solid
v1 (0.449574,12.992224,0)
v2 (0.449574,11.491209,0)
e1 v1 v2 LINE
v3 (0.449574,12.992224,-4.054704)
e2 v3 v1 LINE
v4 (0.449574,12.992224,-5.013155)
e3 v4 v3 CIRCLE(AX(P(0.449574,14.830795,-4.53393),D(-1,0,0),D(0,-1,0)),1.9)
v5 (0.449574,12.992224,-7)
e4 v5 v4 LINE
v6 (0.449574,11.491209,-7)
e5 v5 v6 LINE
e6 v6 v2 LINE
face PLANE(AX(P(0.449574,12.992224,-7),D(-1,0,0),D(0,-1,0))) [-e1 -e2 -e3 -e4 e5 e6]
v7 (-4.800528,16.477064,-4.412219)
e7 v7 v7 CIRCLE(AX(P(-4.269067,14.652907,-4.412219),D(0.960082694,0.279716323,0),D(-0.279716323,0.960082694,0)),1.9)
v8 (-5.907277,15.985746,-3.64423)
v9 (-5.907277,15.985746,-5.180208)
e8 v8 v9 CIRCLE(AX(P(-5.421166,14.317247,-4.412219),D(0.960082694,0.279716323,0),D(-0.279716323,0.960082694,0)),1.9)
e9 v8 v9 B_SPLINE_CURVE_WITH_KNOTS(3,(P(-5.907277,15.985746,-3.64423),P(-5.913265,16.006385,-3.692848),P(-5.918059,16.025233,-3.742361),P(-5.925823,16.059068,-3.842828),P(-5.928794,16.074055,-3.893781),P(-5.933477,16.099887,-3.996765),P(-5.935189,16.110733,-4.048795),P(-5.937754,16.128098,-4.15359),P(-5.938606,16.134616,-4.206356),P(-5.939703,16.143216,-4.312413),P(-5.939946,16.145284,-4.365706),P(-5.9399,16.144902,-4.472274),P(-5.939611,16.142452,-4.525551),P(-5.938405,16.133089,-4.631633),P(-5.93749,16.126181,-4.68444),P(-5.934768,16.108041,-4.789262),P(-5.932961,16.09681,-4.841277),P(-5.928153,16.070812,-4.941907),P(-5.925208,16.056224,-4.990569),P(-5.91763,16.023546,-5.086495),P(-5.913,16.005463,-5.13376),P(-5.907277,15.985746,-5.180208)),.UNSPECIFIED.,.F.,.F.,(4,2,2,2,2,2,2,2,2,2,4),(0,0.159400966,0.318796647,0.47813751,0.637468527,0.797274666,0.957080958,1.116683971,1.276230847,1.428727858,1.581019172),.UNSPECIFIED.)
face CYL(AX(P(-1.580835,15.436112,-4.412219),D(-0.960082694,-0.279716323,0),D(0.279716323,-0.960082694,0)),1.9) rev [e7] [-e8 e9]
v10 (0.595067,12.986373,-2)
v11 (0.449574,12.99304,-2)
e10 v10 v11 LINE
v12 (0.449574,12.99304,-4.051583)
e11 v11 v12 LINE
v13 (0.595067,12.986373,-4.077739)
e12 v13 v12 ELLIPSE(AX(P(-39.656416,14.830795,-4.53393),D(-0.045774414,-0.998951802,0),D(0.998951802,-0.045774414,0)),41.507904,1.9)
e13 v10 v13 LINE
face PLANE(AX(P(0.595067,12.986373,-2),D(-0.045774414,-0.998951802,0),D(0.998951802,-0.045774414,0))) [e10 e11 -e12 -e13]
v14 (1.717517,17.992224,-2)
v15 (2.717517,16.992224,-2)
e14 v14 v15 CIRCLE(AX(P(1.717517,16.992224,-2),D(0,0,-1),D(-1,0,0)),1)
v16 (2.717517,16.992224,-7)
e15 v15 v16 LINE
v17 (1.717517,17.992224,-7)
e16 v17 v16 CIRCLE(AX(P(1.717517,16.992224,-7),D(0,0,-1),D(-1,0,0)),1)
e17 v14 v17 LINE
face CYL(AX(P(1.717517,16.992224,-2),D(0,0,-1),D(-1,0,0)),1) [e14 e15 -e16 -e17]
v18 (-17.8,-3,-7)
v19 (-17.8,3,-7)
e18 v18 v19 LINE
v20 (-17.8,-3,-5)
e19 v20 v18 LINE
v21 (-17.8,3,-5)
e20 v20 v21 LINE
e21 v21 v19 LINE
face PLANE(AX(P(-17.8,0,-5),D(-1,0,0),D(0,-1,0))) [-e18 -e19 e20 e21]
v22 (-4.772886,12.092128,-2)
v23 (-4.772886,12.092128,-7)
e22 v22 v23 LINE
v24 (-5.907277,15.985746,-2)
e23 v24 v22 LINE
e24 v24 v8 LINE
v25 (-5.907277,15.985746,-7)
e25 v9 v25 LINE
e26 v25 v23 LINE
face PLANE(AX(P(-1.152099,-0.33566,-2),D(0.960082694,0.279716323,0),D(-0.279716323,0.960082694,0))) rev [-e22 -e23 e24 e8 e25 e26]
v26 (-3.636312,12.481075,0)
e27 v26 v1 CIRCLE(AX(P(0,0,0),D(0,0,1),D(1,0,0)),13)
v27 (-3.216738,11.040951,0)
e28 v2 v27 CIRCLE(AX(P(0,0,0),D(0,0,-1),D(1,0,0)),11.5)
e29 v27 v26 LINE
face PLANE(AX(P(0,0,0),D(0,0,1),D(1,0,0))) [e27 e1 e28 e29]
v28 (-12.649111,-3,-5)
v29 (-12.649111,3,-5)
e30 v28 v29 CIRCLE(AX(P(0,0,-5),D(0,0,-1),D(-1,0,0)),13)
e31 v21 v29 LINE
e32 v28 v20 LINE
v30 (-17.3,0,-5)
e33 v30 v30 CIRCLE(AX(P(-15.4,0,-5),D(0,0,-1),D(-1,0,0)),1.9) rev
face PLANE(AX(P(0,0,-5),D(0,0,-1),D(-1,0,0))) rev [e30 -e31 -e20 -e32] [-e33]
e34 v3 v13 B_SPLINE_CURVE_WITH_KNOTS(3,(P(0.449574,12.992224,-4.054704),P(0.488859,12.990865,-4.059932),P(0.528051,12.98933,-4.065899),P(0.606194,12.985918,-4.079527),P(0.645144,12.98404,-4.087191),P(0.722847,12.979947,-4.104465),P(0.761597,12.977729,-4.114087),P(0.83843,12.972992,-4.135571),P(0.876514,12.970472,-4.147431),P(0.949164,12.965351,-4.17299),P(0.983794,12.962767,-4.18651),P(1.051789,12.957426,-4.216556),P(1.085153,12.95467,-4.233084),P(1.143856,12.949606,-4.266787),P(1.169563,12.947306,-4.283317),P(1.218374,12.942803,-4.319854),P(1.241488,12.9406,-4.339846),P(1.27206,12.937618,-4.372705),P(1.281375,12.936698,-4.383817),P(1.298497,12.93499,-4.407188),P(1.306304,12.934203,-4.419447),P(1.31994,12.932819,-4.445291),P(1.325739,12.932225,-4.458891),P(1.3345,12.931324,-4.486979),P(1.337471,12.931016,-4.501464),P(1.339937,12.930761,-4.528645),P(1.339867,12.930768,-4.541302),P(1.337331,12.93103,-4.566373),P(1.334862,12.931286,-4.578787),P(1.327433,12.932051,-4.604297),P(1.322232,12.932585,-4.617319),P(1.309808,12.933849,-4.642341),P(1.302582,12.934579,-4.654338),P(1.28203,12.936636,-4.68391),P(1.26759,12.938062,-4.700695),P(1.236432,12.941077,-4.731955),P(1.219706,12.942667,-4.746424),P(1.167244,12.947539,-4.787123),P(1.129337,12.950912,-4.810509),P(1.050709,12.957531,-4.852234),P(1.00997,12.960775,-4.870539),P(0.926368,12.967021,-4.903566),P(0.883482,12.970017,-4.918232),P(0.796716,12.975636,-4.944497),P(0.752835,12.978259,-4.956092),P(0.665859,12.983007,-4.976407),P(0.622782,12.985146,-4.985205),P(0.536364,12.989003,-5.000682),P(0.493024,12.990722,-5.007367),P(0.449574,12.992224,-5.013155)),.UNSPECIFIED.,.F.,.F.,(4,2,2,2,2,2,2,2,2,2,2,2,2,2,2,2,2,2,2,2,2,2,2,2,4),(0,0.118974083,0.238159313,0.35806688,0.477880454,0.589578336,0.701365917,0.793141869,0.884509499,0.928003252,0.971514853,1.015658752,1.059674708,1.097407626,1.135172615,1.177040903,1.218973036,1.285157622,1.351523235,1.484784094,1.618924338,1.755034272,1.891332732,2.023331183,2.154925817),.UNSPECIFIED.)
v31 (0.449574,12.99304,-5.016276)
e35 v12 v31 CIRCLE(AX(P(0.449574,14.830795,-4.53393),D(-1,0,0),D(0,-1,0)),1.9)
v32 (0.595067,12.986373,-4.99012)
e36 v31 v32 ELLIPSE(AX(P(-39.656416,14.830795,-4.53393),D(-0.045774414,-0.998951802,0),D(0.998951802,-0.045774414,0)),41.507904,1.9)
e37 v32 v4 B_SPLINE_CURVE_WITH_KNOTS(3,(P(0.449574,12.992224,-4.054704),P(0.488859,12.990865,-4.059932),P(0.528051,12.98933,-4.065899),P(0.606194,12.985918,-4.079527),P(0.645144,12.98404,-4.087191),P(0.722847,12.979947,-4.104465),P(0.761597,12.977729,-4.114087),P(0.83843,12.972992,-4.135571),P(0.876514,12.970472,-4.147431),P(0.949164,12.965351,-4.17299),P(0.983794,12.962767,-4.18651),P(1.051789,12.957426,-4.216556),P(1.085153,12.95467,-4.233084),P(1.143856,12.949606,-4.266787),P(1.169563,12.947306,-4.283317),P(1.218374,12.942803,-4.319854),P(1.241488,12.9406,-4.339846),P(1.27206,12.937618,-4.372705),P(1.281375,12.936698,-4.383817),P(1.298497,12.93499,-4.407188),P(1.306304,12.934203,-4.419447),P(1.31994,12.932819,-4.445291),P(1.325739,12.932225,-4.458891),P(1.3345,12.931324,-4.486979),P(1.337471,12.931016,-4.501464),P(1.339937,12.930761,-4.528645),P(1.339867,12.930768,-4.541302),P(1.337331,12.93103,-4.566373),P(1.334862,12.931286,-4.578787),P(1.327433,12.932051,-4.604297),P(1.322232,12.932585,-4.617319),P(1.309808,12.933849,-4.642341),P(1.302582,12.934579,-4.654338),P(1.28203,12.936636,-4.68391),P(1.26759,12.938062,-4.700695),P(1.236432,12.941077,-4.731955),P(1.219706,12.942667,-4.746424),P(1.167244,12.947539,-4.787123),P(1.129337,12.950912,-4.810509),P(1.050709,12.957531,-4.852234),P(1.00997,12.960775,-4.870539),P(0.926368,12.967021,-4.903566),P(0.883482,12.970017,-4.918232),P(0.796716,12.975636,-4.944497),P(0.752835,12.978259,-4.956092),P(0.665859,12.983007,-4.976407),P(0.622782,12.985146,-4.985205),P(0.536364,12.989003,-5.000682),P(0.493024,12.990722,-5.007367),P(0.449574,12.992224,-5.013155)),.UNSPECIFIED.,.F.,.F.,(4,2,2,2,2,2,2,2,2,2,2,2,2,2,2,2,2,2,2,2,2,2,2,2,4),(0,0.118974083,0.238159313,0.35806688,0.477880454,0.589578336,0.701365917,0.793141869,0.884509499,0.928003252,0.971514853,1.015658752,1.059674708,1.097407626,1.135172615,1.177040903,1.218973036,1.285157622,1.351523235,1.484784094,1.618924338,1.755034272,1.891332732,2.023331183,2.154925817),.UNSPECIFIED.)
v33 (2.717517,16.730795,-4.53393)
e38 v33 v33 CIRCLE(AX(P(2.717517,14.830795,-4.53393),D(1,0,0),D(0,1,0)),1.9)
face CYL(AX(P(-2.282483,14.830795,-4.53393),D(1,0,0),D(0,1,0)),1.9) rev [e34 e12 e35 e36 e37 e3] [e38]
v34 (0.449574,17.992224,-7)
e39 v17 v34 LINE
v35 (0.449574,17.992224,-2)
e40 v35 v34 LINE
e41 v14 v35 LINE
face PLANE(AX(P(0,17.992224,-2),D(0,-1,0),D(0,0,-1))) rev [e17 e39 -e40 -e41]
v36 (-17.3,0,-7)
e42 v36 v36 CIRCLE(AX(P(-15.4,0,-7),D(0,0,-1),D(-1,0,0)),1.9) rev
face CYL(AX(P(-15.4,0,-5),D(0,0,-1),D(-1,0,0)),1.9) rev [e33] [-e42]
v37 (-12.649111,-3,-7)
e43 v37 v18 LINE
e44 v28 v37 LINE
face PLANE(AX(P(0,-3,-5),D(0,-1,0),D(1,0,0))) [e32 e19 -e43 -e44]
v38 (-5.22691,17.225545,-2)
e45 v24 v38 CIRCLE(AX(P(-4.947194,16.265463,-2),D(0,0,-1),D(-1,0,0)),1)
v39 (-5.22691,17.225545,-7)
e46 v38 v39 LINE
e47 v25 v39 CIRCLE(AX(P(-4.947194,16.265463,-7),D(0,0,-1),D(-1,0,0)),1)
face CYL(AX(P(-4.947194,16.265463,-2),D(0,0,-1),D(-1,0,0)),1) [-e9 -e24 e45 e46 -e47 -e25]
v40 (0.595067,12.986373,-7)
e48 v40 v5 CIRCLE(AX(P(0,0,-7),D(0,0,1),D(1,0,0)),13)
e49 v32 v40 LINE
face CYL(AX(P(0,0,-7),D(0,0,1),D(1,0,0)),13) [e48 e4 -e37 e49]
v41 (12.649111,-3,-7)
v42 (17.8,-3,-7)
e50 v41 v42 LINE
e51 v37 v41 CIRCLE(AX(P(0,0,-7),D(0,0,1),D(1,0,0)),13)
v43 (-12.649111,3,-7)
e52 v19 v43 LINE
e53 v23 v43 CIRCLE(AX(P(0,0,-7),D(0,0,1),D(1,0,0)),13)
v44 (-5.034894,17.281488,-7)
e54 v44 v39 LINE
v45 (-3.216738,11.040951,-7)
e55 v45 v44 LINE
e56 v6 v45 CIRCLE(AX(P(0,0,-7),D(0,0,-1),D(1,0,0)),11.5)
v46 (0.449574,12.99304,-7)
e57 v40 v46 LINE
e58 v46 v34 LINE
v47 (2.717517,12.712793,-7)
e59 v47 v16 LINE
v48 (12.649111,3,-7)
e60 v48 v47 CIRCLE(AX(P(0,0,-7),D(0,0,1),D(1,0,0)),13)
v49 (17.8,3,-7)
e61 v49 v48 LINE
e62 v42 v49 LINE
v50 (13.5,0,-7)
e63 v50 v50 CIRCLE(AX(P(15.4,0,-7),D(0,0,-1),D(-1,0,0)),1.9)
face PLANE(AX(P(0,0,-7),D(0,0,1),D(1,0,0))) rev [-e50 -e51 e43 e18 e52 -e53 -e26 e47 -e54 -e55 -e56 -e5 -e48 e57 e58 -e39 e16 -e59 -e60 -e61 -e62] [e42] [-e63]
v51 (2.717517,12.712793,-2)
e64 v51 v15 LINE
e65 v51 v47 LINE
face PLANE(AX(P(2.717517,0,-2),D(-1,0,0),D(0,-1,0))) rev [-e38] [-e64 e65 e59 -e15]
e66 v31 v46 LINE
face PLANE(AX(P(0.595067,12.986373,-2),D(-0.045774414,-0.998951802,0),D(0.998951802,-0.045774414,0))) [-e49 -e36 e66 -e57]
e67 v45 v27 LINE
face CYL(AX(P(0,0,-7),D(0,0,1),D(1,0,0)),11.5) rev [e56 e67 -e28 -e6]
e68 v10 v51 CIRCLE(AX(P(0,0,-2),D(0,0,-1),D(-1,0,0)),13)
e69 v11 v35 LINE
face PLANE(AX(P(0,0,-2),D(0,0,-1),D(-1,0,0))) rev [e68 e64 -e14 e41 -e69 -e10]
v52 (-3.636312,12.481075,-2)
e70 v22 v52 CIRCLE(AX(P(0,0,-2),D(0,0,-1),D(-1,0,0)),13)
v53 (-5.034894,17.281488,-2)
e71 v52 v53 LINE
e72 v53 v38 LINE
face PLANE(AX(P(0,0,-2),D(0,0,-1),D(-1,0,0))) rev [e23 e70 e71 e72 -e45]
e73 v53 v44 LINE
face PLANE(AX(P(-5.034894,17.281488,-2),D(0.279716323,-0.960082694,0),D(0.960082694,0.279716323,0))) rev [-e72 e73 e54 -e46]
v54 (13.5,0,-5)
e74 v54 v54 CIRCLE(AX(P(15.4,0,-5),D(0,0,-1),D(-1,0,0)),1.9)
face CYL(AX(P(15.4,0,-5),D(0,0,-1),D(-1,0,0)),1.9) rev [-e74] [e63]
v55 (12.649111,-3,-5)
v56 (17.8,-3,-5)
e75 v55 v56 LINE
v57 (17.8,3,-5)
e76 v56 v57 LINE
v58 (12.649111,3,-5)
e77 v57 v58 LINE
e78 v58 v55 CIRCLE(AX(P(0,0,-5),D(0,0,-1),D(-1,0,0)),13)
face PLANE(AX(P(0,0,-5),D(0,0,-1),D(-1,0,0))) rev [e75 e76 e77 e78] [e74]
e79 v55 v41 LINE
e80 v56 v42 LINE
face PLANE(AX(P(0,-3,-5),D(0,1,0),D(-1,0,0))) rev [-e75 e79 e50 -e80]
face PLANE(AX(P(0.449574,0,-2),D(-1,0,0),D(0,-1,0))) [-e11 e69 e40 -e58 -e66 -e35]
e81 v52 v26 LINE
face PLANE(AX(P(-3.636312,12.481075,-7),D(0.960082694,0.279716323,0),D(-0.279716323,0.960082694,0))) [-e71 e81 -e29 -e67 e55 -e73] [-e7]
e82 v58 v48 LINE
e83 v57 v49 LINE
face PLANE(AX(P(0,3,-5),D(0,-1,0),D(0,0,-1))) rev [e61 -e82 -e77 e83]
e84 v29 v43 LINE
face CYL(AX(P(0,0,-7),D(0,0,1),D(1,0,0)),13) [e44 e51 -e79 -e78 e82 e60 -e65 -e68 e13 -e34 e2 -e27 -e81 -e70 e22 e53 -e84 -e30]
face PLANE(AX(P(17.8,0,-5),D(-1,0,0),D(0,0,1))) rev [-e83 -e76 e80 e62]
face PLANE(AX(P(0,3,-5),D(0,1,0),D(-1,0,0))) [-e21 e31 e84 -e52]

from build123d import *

# Parameters (mm, degrees)
BOSS_EXTRUDE1_DEPTH = 7
BOSS_EXTRUDE2_START = -2
SKETCH2_R           = 1.9
BOSS_EXTRUDE2_DEPTH = 2
BOSS_EXTRUDE3_START = -5
BOSS_EXTRUDE3_DEPTH = 5
SKETCH4_R           = 1.9
CUT_EXTRUDE1_DEPTH  = 5
BOSS_EXTRUDE4_START = -5
BOSS_EXTRUDE4_DEPTH = 5
SKETCH6_R           = 1.9
CUT_EXTRUDE2_DEPTH  = 4


with BuildPart() as part:
    # Sketch1 → Boss-Extrude1 (new body)
    with BuildSketch(Plane.XY):
        with BuildLine():
            Line((-3.636312194, 12.481075019), (-3.21673771, 11.040950978))
            ThreePointArc((-3.21673771, 11.040950978), (1.401778308, -11.414246255), (0.449573558, 11.491208971))
            Line((0.449573558, 11.491208971), (0.449573558, 12.992223967))
            ThreePointArc((0.449573558, 12.992223967), (1.613736067, -12.899451768), (-3.636312194, 12.481075019))
        make_face()
    extrude(amount=-BOSS_EXTRUDE1_DEPTH)

    # Sketch2 → Boss-Extrude2 (add)
    # profile 1 of 6: a face of its own
    with BuildSketch(Plane(origin=(0, 0, -7), x_dir=(-1, 0, 0), z_dir=(0, 0, -1)).offset(BOSS_EXTRUDE2_START)):
        Polygon((13, -1.4e-08), (13, -3), (17.8, -3), (17.8, 3), (13, 3), align=None)
        with Locations((15.4, 0)):
            Circle(SKETCH2_R, mode=Mode.SUBTRACT)
    # profile 2 of 6: a face of its own
    with BuildSketch(Plane(origin=(0, 0, -7), x_dir=(-1, 0, 0), z_dir=(0, 0, -1)).offset(BOSS_EXTRUDE2_START)):
        with BuildLine():
            ThreePointArc((13, -1.4e-08), (12.911979676, -1.510225432), (12.649110641, -3))
            Line((12.649110641, -3), (13, -3))
            Line((13, -3), (13, -1.4e-08))
        make_face()
    # profile 3 of 6: a face of its own
    with BuildSketch(Plane(origin=(0, 0, -7), x_dir=(-1, 0, 0), z_dir=(0, 0, -1)).offset(BOSS_EXTRUDE2_START)):
        with BuildLine():
            ThreePointArc((12.649110641, 3), (12.911979677, 1.510225419), (13, -1.4e-08))
            Line((13, -1.4e-08), (13, 3))
            Line((13, 3), (12.649110641, 3))
        make_face()
    # profile 4 of 6: a face of its own
    with BuildSketch(Plane(origin=(0, 0, -7), x_dir=(-1, 0, 0), z_dir=(0, 0, -1)).offset(BOSS_EXTRUDE2_START)):
        Polygon((-17.8, -3), (-13, -3), (-13, 2e-09), (-13, 3), (-17.8, 3), align=None)
        with Locations((-15.4, 0)):
            Circle(SKETCH2_R, mode=Mode.SUBTRACT)
    # profile 5 of 6: a face of its own
    with BuildSketch(Plane(origin=(0, 0, -7), x_dir=(-1, 0, 0), z_dir=(0, 0, -1)).offset(BOSS_EXTRUDE2_START)):
        with BuildLine():
            Line((-13, -3), (-12.649110641, -3))
            ThreePointArc((-12.649110641, -3), (-12.911979677, -1.510225425), (-13, 2e-09))
            Line((-13, 2e-09), (-13, -3))
        make_face()
    # profile 6 of 6: a face of its own
    with BuildSketch(Plane(origin=(0, 0, -7), x_dir=(-1, 0, 0), z_dir=(0, 0, -1)).offset(BOSS_EXTRUDE2_START)):
        with BuildLine():
            Line((-13, 3), (-13, 2e-09))
            ThreePointArc((-13, 2e-09), (-12.911979676, 1.510225426), (-12.649110641, 3))
            Line((-12.649110641, 3), (-13, 3))
        make_face()
    extrude(amount=BOSS_EXTRUDE2_DEPTH)

    # Sketch3 → Boss-Extrude3 (add)
    with BuildSketch(Plane(origin=(0, 0, -7), x_dir=(-1, 0, 0), z_dir=(0, 0, -1)).offset(BOSS_EXTRUDE3_START)):
        with BuildLine():
            Line((-1.717517475, 17.992223967), (-0.449573558, 17.992223967))
            Line((-0.449573558, 17.992223967), (-0.449573558, 13))
            Line((-0.449573558, 13), (-2.717517475, 13))
            Line((-2.717517475, 13), (-2.717517475, 16.992223967))
            ThreePointArc((-2.717517475, 16.992223967), (-2.424624256, 17.699330748), (-1.717517475, 17.992223967))
        make_face()
        with BuildLine():
            Line((-0.595067825, 12.986373408), (-2.717517475, 12.889117574))
            Line((-2.717517475, 12.889117574), (-2.717517475, 12.712792721))
            ThreePointArc((-2.717517475, 12.712792721), (-1.661931689, 12.893330953), (-0.595067825, 12.986373408))
        make_face()
        Polygon((-2.717517475, 13), (-2.717517475, 12.889117574), (-0.595067825, 12.986373408), (-0.449573558, 12.993040311), (-0.449573558, 13), align=None)
    extrude(amount=BOSS_EXTRUDE3_DEPTH)

    # Sketch4 → Cut-Extrude1 (cut)
    with BuildSketch(Plane(origin=(2.717517475, 0, 0), x_dir=(0, 0, -1), z_dir=(1, 0, 0))):
        with Locations(Location((4.533929619, 14.83079483, 0), (0, 0, 90))):
            Circle(SKETCH4_R)
    extrude(amount=-CUT_EXTRUDE1_DEPTH, mode=Mode.SUBTRACT)

    # Sketch5 → Boss-Extrude4 (add)
    with BuildSketch(Plane(origin=(0, 0, -7), x_dir=(-1, 0, 0), z_dir=(0, 0, -1)).offset(BOSS_EXTRUDE4_START)):
        with BuildLine():
            Line((5.034893807, 17.281488488), (3.691292994, 12.669788048))
            Line((3.691292994, 12.669788048), (4.784802098, 12.133026974))
            Line((4.784802098, 12.133026974), (5.907276717, 15.985746207))
            ThreePointArc((5.907276717, 15.985746207), (5.823864315, 16.746554204), (5.226910346, 17.225545223))
            Line((5.226910346, 17.225545223), (5.034893807, 17.281488488))
        make_face()
        with BuildLine():
            Line((4.784802098, 12.133026974), (3.691292994, 12.669788048))
            Line((3.691292994, 12.669788048), (3.636312194, 12.481075019))
            ThreePointArc((3.636312194, 12.481075019), (4.209094298, 12.299736793), (4.772886303, 12.092127866))
            Line((4.772886303, 12.092127866), (4.784802098, 12.133026974))
        make_face()
    extrude(amount=BOSS_EXTRUDE4_DEPTH)

    # Sketch6 → Cut-Extrude2 (cut)
    with BuildSketch(Plane(origin=(-1.152099233, -0.335659587, 0), x_dir=(0, 0, 1), z_dir=(-0.9600826937679848, -0.2797163225970375, 0))):
        with Locations(Location((-4.412219036, 15.262129774, 0), (0, 0, 66.15869914))):
            Circle(SKETCH6_R)
    extrude(amount=-CUT_EXTRUDE2_DEPTH, mode=Mode.SUBTRACT)


solid = part.part
